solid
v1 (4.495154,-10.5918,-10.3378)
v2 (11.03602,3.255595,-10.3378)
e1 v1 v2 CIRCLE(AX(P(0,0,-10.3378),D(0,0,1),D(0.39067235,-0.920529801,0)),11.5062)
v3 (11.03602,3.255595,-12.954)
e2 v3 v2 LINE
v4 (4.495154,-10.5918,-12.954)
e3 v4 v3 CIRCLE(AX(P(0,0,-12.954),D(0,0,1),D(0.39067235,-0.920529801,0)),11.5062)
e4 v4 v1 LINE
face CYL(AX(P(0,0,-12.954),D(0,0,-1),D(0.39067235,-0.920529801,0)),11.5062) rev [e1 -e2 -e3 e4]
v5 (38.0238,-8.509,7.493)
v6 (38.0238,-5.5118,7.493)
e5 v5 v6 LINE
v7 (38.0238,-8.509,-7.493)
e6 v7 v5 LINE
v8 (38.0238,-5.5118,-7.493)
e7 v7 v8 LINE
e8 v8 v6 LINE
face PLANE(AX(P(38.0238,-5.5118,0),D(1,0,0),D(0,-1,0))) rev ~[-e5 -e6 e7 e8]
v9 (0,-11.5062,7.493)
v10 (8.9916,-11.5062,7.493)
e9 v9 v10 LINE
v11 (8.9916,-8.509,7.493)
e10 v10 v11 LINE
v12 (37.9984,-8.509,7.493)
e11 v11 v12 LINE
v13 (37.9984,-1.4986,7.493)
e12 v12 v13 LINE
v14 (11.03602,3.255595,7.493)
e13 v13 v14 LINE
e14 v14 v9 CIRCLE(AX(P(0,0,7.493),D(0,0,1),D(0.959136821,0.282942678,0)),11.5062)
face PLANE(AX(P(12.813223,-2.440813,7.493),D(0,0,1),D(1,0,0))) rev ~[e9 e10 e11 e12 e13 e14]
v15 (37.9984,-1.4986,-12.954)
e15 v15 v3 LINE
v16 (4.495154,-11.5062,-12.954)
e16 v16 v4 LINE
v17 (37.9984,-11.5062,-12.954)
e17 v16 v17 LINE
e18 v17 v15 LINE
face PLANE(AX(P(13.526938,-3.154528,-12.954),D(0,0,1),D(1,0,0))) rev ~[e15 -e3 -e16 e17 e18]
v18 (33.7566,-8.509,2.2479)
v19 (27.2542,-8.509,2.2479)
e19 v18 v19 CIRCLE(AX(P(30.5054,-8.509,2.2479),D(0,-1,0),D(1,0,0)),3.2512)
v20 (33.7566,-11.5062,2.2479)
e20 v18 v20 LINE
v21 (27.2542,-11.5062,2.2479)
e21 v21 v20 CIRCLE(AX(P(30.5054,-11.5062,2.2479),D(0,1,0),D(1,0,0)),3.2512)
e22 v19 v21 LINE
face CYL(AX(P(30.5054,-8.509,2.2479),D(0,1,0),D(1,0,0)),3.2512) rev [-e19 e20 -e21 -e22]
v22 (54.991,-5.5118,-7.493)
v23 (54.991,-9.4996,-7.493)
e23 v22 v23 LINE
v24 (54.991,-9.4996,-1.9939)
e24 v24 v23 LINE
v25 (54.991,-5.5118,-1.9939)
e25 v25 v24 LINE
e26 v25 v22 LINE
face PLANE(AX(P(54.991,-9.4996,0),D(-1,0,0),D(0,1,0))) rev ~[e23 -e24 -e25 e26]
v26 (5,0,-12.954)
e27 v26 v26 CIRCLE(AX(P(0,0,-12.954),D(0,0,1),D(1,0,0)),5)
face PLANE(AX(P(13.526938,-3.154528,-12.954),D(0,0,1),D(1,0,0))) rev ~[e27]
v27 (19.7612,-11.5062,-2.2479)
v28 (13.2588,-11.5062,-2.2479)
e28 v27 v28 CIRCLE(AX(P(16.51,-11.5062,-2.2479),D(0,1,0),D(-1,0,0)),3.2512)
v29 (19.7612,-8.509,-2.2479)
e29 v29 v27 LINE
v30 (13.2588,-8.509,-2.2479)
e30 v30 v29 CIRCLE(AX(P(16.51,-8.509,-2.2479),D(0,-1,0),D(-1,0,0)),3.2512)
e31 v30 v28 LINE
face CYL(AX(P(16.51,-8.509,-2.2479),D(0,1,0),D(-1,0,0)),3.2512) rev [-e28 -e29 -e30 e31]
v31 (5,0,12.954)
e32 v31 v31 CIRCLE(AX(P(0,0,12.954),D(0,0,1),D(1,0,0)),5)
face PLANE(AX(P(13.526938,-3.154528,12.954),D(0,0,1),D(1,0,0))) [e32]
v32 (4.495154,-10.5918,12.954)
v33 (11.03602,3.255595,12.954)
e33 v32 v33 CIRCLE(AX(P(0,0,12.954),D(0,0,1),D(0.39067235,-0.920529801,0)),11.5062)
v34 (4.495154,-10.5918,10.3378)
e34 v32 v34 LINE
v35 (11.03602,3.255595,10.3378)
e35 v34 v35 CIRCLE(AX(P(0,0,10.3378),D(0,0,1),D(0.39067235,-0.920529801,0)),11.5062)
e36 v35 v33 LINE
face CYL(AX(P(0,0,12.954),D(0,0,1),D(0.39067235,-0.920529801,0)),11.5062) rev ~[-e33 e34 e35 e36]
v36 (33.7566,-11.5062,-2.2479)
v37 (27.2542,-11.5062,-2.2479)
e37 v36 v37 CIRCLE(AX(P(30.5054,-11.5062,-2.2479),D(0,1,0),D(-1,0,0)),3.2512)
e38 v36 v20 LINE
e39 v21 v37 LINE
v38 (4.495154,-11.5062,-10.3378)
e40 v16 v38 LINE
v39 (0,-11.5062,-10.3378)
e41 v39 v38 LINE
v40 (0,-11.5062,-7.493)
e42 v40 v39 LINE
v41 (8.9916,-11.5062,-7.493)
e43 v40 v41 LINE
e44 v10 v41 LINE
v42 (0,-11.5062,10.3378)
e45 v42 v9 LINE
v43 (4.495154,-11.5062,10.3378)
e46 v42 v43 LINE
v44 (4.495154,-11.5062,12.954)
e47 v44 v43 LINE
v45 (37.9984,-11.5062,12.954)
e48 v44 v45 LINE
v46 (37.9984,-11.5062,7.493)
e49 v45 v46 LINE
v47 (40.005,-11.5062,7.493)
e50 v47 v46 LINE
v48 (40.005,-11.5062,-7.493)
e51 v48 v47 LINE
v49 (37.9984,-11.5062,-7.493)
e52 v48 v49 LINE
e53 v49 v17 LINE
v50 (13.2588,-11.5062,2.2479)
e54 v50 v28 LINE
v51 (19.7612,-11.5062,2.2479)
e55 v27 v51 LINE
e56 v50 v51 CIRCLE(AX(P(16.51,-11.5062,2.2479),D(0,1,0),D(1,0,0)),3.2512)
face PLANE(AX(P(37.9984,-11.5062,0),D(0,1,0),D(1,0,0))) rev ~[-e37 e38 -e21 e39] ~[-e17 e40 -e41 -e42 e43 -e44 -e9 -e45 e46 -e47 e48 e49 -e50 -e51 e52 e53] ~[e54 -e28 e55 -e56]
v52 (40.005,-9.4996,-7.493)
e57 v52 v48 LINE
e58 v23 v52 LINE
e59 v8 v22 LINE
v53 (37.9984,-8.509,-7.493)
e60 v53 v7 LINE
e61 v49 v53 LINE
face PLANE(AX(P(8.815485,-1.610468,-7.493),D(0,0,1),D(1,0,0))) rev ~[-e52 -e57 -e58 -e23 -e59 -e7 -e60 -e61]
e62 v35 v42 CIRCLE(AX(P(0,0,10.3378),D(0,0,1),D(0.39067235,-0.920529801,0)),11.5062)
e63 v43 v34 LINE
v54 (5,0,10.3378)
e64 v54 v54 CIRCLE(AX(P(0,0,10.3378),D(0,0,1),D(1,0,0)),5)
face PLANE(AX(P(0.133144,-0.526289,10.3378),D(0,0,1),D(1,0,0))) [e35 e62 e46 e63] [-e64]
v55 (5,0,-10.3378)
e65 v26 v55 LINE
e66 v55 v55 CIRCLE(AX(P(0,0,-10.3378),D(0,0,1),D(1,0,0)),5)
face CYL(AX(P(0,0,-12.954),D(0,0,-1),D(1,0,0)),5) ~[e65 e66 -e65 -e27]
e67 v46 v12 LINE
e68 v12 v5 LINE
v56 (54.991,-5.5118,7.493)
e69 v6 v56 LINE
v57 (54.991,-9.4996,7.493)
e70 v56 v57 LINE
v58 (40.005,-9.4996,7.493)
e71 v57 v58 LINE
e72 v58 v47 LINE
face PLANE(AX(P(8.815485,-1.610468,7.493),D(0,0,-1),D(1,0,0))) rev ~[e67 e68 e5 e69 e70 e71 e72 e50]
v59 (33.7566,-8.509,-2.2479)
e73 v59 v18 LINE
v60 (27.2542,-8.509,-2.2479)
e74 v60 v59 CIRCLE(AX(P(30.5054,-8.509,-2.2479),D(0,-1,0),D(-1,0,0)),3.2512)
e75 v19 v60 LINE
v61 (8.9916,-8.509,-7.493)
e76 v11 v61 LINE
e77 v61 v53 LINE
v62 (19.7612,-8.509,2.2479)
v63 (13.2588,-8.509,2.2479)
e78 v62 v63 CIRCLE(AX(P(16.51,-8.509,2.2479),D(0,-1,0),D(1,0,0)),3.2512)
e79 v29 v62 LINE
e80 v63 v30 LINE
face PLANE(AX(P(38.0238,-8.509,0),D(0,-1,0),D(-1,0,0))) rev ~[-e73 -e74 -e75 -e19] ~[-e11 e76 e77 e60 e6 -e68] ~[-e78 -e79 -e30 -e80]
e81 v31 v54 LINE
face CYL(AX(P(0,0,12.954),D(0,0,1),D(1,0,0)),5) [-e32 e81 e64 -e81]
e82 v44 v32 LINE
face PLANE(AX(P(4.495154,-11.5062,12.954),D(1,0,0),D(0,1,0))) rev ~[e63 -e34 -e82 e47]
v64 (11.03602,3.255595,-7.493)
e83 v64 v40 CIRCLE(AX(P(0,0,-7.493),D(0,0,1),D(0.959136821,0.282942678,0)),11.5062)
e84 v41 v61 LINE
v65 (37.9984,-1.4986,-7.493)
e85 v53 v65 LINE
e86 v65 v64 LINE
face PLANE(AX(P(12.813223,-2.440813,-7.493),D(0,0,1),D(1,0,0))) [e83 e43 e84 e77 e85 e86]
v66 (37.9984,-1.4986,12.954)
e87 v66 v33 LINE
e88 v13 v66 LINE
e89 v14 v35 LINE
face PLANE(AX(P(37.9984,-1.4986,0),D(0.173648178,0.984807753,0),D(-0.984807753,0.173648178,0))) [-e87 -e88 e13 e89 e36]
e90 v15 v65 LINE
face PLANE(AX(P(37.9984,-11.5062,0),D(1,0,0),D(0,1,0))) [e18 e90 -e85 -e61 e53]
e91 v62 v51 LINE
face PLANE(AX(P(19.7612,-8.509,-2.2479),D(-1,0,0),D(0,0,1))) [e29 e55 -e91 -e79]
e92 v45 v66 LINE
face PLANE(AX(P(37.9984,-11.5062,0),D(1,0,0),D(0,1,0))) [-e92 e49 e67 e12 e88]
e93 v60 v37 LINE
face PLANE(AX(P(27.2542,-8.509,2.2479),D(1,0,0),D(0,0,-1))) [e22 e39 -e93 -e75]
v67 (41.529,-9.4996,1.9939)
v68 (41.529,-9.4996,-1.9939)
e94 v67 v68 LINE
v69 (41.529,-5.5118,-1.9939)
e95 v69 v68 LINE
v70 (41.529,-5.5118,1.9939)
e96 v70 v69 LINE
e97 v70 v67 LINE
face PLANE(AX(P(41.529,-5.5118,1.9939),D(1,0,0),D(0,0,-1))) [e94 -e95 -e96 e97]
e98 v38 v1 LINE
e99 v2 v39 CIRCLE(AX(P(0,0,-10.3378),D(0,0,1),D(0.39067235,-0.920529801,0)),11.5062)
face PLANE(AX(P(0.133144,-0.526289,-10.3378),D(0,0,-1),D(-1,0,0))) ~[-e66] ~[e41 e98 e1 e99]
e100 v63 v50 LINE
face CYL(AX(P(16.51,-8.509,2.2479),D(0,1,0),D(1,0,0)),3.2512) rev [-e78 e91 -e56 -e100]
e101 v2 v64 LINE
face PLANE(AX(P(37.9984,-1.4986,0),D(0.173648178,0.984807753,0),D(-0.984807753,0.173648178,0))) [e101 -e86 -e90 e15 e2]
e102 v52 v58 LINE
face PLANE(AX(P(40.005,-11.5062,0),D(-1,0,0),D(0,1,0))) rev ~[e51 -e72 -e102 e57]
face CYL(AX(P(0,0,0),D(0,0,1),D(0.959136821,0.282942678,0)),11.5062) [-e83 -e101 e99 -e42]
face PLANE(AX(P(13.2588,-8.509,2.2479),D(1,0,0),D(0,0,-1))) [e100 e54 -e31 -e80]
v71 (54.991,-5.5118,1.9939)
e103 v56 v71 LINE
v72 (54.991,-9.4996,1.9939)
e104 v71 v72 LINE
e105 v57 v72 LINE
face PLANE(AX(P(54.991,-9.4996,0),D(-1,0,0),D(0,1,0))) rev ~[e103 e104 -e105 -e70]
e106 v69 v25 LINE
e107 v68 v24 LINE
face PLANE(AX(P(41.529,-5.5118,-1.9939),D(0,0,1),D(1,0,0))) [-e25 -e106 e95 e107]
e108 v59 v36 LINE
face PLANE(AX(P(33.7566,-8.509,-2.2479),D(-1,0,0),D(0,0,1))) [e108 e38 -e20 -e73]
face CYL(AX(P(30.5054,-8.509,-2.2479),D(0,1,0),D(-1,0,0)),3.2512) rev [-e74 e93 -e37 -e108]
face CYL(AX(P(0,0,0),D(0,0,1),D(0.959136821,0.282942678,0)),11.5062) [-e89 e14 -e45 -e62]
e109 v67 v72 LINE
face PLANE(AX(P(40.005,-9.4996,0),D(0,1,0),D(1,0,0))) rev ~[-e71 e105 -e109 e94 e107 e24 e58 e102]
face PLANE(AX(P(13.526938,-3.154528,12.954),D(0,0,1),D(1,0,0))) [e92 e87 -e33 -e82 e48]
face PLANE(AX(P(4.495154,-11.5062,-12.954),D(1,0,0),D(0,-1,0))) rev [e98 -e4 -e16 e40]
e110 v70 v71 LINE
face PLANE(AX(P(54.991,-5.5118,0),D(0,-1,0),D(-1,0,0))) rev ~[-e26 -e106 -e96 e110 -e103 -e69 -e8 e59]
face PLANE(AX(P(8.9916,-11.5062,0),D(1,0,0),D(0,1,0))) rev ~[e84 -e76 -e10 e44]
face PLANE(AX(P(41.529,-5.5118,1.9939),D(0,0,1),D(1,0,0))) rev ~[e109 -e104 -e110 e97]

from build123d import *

# Parameters (mm, degrees)
EXTRUDE1_DEPTH             = 12.954
SKETCH3_R                  = 5
CUT_EXTRUDE1_DEPTH         = 2.6162
CUT_EXTRUDE2_DEPTH         = 7.493
EXTRUDE2_REACH             = 14.954
EXTRUDE2_DIRECTION_2_REACH = 14.954
SKETCH7_W                  = 13.462
SKETCH7_H                  = 3.9878
CUT_EXTRUDE3_DEPTH         = 6.9944
CUT_EXTRUDE4_DEPTH         = 3.9972


with BuildPart() as part:
    # Sketch2 → Extrude1 (new body, symmetric)
    with BuildSketch(Plane.XY):
        with BuildLine():
            Line((37.9984, -11.5062), (37.9984, -1.4986))
            Line((37.9984, -1.4986), (11.036020087, 3.255595043))
            ThreePointArc((11.036020087, 3.255595043), (-9.215534877, 6.889597621), (0, -11.5062))
            Line((0, -11.5062), (37.9984, -11.5062))
        make_face()
    extrude(amount=EXTRUDE1_DEPTH, both=True)

    # Sketch3 → Cut-Extrude1 (cut)
    with BuildSketch(Plane.XY.offset(12.954)):
        with BuildLine():
            Line((0, -11.5062), (4.495154191, -11.5062))
            Line((4.495154191, -11.5062), (4.495154191, -10.5918))
            ThreePointArc((4.495154191, -10.5918), (-2.293607342, 11.27528287), (0, -11.5062))
        make_face()
        Circle(SKETCH3_R, mode=Mode.SUBTRACT)
    cut_extrude1 = extrude(amount=-CUT_EXTRUDE1_DEPTH, mode=Mode.SUBTRACT)

    # Mirror1: Cut-Extrude1 across plane
    add(cut_extrude1.mirror(Plane.XY), mode=Mode.SUBTRACT)

    # Sketch4 → Cut-Extrude2 (cut, symmetric)
    with BuildSketch(Plane.XY):
        with BuildLine():
            Line((8.9916, -8.509), (37.9984, -8.509))
            Line((37.9984, -8.509), (37.9984, -1.4986))
            Line((37.9984, -1.4986), (11.036020087, 3.255595043))
            ThreePointArc((11.036020087, 3.255595043), (-9.215534877, 6.889597621), (0, -11.5062))
            Line((0, -11.5062), (8.9916, -11.5062))
            Line((8.9916, -11.5062), (8.9916, -8.509))
        make_face()
    extrude(amount=CUT_EXTRUDE2_DEPTH, both=True, mode=Mode.SUBTRACT)

    # Extrude2: up to this face of the body (flat: up to its plane)
    extrude2_end = Plane(part.part.faces().sort_by_distance((8.815484891, -1.610467544, -7.493))[0])
    # Sketch5 → Extrude2 (add, up to the picked face)
    with BuildSketch(Plane.XY, mode=Mode.PRIVATE) as extrude2_sk1:
        Polygon((54.991, -5.5118), (38.0238, -5.5118), (38.0238, -8.509), (37.9984, -8.509), (37.9984, -11.5062), (40.005, -11.5062), (40.005, -9.4996), (54.991, -9.4996), align=None)
    extrude2_tool1 = split(extrude(extrude2_sk1.sketch, amount=-EXTRUDE2_REACH, mode=Mode.PRIVATE), bisect_by=extrude2_end, keep=Keep.BOTH, mode=Mode.PRIVATE)
    add(extrude2_tool1.solids().sort_by_distance((46.083002, -7.674508, 0))[0])

    # Extrude2 direction 2: up to this face of the body (flat: up to its plane)
    extrude2_direction_2_end = Plane(part.part.faces().sort_by_distance((8.815484891, -1.610467544, 7.493))[0])
    # Sketch5 → Extrude2 direction 2 (add, up to the picked face)
    with BuildSketch(Plane.XY, mode=Mode.PRIVATE) as extrude2_direction_2_sk1:
        Polygon((54.991, -5.5118), (38.0238, -5.5118), (38.0238, -8.509), (37.9984, -8.509), (37.9984, -11.5062), (40.005, -11.5062), (40.005, -9.4996), (54.991, -9.4996), align=None)
    extrude2_direction_2_tool1 = split(extrude(extrude2_direction_2_sk1.sketch, amount=EXTRUDE2_DIRECTION_2_REACH, mode=Mode.PRIVATE), bisect_by=extrude2_direction_2_end, keep=Keep.BOTH, mode=Mode.PRIVATE)
    add(extrude2_direction_2_tool1.solids().sort_by_distance((46.083002, -7.674508, 0))[0])

    # Sketch7 → Cut-Extrude3 (cut, through all)
    with BuildSketch(Plane(origin=(0, -5.5118, 0), x_dir=(1, 0, 0), z_dir=(0, 1, 0))):
        with Locations((48.26, 0)):
            Rectangle(SKETCH7_W, SKETCH7_H)
    extrude(amount=-CUT_EXTRUDE3_DEPTH, mode=Mode.SUBTRACT)

    # Sketch8 → Cut-Extrude4 (cut, through all)
    with BuildSketch(Plane(origin=(0, -8.509, 0), x_dir=(1, 0, 0), z_dir=(0, 1, 0))):
        with BuildLine():
            Line((19.7612, 2.2479), (19.7612, -2.2479))
            ThreePointArc((19.7612, -2.2479), (16.51, -5.4991), (13.2588, -2.2479))
            Line((13.2588, -2.2479), (13.2588, 2.2479))
            ThreePointArc((13.2588, 2.2479), (16.51, 5.4991), (19.7612, 2.2479))
        make_face()
        with BuildLine():
            Line((33.7566, 2.2479), (33.7566, -2.2479))
            ThreePointArc((33.7566, -2.2479), (30.5054, -5.4991), (27.2542, -2.2479))
            Line((27.2542, -2.2479), (27.2542, 2.2479))
            ThreePointArc((27.2542, 2.2479), (30.5054, 5.4991), (33.7566, 2.2479))
        make_face()
    extrude(amount=-CUT_EXTRUDE4_DEPTH, mode=Mode.SUBTRACT)


solid = part.part
